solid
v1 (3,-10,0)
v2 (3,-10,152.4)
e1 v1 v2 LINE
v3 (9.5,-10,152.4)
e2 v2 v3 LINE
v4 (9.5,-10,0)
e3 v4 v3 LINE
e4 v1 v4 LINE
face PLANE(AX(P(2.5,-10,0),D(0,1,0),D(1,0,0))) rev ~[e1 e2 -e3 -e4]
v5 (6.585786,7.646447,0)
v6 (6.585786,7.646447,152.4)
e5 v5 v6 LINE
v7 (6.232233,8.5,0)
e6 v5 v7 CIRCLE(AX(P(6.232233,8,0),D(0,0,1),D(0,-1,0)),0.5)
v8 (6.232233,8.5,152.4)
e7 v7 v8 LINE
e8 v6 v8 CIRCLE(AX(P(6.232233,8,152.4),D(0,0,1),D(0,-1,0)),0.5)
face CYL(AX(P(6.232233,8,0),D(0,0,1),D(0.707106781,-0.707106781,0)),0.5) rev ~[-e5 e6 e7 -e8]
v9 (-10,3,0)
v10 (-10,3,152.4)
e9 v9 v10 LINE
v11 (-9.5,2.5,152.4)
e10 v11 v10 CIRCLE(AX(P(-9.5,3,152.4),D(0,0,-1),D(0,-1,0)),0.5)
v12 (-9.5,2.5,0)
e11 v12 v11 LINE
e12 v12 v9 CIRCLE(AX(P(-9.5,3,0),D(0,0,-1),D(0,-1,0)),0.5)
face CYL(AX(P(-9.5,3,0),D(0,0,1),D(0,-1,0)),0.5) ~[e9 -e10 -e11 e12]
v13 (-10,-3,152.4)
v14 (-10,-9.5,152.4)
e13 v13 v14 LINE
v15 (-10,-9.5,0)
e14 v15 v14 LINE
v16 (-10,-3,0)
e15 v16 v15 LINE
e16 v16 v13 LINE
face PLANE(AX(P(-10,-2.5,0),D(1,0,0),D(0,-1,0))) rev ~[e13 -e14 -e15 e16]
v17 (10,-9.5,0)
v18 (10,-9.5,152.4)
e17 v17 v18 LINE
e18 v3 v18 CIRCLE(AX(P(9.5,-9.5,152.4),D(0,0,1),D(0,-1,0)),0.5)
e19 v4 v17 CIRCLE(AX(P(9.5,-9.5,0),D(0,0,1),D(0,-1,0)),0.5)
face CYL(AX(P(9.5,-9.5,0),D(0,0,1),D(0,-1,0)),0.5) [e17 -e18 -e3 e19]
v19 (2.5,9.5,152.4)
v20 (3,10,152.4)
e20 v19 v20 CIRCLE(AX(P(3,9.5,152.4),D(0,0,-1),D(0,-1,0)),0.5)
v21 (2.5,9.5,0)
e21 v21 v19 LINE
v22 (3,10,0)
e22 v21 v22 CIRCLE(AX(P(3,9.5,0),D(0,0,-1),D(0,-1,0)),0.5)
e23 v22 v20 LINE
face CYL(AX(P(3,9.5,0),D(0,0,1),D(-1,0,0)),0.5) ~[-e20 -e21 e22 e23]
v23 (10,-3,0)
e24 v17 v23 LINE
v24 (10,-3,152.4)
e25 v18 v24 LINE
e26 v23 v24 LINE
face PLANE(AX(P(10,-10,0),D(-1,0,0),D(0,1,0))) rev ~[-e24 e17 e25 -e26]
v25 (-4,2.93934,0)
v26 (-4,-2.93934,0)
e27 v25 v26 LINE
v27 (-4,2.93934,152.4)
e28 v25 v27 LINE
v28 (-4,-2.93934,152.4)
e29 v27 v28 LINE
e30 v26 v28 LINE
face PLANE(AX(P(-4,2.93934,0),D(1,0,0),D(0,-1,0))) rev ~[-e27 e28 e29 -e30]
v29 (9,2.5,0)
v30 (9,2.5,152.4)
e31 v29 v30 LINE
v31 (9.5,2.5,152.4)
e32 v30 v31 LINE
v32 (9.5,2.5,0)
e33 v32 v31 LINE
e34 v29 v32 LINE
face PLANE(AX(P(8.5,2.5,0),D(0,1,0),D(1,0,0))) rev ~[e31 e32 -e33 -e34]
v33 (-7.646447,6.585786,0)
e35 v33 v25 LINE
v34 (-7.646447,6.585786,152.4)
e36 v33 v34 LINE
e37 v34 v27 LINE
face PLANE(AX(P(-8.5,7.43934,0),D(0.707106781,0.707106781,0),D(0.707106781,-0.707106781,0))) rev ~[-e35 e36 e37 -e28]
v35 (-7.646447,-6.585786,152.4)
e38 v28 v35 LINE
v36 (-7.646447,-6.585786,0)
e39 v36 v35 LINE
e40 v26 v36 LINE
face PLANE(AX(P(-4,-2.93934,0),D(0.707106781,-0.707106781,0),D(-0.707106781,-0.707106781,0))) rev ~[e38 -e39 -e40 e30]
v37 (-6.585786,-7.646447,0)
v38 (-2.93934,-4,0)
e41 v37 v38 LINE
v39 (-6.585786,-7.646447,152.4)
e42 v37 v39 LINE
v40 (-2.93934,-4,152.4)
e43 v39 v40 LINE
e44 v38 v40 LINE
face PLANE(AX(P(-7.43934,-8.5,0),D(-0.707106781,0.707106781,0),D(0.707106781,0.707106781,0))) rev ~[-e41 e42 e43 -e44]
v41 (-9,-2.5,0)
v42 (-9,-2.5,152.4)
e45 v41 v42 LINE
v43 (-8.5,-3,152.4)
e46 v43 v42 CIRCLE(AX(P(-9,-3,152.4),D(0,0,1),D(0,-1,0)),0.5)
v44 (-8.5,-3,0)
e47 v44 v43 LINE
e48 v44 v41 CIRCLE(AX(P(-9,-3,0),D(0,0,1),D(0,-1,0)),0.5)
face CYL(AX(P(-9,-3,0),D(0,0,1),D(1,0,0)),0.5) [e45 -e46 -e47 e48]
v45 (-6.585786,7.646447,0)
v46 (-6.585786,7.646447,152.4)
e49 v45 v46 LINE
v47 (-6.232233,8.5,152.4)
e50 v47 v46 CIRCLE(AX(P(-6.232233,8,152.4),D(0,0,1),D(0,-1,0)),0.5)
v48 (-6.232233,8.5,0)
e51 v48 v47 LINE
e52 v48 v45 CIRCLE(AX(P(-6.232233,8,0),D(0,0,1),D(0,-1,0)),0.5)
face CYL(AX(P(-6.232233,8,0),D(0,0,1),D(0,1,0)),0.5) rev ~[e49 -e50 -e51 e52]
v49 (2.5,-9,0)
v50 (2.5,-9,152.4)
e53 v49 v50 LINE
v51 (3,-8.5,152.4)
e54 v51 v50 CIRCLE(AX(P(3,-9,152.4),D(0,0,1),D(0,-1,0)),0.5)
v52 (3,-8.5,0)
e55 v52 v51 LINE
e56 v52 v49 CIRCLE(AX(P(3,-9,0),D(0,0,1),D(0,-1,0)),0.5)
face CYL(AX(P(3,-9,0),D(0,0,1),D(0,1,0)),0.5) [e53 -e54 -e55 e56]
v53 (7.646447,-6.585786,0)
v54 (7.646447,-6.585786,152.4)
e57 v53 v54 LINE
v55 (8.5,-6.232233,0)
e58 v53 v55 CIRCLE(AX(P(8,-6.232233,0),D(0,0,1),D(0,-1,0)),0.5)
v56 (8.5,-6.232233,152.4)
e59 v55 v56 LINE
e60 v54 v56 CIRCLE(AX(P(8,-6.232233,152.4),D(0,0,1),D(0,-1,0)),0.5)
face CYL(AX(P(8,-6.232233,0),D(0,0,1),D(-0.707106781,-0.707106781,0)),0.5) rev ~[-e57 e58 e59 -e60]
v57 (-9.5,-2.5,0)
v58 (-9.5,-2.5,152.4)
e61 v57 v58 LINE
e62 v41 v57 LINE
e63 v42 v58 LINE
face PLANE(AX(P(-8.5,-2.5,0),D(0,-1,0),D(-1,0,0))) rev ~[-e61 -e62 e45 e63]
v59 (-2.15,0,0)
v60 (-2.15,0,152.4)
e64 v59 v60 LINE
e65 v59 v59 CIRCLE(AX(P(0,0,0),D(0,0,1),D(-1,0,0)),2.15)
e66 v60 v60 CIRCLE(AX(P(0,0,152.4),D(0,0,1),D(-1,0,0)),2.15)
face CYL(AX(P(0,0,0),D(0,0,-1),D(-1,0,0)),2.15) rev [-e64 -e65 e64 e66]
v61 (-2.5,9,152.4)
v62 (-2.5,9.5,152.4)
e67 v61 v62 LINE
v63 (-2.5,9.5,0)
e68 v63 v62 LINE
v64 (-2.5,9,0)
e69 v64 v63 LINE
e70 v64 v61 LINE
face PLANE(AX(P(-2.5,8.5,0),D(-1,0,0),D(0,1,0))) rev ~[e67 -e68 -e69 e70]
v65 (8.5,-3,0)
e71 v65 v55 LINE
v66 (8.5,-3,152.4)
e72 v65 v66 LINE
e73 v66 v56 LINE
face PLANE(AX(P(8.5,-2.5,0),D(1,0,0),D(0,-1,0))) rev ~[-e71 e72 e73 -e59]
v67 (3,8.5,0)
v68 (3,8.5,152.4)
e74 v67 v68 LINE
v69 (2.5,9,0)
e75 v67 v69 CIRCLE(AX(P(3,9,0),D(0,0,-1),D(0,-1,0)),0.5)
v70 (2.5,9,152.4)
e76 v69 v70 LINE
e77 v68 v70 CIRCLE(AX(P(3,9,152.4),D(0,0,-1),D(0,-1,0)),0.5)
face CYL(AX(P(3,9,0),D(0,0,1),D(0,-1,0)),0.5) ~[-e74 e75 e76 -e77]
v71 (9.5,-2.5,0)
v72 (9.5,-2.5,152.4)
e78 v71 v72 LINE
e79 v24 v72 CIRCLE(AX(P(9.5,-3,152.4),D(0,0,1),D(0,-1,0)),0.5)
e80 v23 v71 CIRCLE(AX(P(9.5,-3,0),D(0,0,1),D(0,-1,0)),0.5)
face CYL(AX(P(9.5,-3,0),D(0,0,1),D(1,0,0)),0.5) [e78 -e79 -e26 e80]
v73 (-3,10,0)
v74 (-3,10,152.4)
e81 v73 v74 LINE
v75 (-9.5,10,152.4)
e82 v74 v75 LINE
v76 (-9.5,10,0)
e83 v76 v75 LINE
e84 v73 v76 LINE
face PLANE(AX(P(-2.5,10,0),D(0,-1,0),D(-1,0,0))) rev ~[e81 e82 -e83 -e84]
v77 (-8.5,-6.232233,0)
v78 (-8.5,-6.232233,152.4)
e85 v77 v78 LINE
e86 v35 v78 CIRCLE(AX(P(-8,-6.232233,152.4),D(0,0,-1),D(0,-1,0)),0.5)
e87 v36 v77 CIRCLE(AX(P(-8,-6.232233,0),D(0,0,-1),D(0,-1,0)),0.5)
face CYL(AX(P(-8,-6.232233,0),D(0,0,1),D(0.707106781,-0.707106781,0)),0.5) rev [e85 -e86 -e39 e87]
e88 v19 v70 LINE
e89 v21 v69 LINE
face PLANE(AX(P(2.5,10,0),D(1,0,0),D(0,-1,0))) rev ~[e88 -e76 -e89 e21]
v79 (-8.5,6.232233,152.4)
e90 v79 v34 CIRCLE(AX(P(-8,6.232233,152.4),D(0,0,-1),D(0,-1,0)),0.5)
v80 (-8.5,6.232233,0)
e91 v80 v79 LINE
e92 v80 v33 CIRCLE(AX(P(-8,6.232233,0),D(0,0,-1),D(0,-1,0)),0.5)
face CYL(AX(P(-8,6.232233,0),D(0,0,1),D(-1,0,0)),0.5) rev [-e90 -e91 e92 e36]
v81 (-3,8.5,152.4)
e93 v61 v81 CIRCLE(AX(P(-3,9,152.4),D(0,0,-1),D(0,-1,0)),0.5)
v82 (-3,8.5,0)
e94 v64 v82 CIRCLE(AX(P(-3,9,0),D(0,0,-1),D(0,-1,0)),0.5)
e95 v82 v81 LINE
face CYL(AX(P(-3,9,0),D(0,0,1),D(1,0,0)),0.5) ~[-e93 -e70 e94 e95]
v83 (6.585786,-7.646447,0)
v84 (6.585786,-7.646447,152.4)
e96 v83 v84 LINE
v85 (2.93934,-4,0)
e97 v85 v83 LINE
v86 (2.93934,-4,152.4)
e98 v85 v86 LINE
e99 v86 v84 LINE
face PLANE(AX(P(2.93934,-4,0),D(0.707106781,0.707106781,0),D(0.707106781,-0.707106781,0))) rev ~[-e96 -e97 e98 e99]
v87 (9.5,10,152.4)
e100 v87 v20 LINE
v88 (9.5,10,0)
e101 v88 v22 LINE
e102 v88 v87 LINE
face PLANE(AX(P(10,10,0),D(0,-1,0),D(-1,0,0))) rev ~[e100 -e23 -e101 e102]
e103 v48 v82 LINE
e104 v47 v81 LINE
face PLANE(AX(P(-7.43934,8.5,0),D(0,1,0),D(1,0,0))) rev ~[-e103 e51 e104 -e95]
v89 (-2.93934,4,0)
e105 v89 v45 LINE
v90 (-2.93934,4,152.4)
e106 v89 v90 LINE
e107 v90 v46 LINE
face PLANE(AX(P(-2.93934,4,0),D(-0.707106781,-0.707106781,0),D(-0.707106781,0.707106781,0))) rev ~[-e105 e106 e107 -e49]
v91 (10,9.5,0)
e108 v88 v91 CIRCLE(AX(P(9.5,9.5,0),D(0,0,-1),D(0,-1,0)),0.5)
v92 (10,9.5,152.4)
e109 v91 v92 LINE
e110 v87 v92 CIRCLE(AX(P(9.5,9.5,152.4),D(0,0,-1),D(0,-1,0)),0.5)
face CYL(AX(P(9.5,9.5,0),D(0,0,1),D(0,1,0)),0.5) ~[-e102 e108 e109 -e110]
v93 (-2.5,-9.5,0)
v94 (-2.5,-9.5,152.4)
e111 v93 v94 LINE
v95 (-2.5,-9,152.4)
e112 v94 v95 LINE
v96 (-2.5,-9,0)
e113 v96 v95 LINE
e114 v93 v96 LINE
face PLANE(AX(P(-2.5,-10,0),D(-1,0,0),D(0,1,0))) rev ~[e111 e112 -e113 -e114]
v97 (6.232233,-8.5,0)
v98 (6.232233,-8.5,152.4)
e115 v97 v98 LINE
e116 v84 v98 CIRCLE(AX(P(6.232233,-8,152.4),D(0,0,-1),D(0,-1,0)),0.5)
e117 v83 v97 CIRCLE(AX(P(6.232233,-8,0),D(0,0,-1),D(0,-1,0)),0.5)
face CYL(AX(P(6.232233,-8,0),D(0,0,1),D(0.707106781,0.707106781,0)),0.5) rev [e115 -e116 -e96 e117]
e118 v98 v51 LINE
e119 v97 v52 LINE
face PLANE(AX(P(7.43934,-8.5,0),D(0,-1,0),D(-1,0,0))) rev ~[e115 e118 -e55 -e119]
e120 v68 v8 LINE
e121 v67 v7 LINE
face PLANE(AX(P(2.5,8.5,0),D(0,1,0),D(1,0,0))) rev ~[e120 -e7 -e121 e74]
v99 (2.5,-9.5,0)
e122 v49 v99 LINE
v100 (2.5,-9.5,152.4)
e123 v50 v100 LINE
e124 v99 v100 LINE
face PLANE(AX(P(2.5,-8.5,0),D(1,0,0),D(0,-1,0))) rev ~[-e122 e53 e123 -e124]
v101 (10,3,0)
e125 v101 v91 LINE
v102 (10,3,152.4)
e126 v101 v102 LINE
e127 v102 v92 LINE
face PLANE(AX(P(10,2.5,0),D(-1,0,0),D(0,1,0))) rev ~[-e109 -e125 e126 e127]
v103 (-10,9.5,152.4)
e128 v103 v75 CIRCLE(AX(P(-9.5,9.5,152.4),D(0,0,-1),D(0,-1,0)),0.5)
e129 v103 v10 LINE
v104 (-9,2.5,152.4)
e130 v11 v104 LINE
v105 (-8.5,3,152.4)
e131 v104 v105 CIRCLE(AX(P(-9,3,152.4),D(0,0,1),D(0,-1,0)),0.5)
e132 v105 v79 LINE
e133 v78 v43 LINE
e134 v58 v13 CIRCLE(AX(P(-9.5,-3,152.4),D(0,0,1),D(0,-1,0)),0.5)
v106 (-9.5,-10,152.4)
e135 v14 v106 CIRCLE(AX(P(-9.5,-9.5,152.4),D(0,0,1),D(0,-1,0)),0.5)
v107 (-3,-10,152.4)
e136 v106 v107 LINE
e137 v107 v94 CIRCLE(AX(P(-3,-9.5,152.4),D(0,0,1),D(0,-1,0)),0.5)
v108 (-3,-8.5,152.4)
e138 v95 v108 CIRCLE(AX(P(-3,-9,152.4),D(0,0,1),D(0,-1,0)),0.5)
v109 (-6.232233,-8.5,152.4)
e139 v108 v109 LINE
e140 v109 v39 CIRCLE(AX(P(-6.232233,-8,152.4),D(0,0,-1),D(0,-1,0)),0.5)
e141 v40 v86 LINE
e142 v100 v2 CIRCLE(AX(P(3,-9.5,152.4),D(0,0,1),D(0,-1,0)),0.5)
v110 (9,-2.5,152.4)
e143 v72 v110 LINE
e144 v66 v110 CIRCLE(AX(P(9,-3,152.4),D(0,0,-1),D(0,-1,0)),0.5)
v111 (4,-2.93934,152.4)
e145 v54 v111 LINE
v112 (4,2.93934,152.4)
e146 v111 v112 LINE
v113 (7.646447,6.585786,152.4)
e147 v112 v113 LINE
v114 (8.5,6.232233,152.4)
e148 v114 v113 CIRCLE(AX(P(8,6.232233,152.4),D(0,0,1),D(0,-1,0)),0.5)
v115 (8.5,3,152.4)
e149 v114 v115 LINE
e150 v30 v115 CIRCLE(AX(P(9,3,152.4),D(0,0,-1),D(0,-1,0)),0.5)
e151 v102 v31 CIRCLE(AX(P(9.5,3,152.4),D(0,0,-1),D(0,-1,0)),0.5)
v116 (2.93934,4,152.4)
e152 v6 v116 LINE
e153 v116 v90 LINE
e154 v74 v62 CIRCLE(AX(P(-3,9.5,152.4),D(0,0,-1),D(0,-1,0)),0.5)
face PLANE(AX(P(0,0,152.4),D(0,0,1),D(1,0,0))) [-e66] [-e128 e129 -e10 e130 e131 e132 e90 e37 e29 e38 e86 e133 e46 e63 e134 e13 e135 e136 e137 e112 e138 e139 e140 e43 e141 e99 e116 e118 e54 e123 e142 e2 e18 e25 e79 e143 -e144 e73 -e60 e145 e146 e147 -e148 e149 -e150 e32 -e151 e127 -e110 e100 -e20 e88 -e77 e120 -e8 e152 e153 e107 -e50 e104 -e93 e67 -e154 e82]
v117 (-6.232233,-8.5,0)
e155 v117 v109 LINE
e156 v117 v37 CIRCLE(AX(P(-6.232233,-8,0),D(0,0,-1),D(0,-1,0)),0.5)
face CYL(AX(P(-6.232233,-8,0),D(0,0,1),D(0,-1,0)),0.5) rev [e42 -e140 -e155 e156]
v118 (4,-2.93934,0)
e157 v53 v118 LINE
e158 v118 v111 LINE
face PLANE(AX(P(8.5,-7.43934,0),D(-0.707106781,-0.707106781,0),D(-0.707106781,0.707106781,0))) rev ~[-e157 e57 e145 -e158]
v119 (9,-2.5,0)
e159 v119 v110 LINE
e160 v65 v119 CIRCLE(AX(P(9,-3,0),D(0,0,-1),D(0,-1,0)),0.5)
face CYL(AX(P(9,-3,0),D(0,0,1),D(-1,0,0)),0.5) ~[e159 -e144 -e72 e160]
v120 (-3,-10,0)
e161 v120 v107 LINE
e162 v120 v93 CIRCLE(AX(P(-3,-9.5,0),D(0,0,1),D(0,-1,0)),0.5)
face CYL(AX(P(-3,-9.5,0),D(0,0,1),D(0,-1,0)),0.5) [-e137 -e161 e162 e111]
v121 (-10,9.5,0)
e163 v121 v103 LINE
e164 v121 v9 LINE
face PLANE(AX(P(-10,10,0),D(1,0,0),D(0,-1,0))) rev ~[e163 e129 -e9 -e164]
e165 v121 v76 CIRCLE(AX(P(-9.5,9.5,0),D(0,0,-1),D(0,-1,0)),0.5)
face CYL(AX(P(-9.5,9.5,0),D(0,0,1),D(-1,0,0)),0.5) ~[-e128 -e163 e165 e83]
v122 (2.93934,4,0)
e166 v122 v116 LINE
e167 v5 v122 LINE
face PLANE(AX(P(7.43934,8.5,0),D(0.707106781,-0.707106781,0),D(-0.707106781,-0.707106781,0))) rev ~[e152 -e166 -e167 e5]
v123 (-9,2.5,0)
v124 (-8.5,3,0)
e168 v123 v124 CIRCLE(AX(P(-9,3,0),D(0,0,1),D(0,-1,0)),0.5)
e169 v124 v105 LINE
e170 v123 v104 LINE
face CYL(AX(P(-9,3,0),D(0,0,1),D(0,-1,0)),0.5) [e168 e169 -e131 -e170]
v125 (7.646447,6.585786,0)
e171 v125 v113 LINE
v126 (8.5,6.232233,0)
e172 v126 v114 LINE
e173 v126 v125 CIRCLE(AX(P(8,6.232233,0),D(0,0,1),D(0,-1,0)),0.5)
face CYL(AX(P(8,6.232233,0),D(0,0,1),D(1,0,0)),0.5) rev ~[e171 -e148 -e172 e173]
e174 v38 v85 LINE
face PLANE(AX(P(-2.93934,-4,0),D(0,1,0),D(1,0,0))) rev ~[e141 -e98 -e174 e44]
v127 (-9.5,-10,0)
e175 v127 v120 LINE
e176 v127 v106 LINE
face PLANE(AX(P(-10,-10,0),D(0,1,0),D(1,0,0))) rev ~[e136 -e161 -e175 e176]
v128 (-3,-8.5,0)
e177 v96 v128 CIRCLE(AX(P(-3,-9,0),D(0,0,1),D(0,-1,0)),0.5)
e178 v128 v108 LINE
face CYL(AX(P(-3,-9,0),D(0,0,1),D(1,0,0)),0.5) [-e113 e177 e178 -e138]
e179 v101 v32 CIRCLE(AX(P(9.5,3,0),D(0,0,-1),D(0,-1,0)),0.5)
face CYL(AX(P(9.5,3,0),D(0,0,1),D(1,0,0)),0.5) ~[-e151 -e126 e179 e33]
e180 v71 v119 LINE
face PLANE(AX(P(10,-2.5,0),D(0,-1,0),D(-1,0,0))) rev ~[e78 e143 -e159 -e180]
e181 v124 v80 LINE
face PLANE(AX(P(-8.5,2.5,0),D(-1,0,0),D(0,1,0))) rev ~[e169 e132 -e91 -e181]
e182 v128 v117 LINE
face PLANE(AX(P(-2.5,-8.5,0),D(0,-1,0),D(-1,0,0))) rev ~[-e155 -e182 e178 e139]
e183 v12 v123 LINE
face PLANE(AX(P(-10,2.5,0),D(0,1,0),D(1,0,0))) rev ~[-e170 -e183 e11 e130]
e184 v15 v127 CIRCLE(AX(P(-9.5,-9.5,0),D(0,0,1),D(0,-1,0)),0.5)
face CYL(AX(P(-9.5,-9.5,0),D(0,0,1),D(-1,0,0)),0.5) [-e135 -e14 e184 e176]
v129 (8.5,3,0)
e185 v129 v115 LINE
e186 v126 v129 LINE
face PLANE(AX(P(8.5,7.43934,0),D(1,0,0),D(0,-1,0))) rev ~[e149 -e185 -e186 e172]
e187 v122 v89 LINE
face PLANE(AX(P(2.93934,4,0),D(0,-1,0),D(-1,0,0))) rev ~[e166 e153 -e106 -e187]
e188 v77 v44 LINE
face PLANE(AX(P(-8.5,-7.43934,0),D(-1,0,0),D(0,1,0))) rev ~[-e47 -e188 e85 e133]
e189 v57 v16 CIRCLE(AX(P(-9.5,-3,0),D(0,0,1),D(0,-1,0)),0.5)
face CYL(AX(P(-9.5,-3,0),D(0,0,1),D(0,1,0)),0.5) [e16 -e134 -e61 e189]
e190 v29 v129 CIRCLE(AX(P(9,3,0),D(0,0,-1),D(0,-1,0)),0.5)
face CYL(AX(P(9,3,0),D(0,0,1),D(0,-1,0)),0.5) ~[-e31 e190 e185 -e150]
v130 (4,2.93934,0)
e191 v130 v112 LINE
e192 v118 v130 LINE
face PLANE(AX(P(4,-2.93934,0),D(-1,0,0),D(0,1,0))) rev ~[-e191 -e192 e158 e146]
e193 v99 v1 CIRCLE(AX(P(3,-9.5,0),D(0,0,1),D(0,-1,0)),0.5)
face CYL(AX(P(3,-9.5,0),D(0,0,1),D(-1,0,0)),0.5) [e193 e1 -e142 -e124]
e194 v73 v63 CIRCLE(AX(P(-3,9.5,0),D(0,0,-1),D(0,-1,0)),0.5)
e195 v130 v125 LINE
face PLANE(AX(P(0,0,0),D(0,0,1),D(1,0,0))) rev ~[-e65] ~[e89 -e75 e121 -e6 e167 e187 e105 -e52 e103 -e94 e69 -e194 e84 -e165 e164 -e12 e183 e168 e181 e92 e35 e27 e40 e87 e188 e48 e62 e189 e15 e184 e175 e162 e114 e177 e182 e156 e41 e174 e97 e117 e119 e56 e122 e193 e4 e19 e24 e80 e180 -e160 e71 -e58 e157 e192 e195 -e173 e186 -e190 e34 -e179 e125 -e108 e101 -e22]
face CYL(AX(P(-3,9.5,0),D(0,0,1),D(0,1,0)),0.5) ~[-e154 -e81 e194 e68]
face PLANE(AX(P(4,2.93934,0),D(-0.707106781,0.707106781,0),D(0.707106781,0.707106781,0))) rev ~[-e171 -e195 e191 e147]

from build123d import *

# Parameters (mm, degrees)
SKETCH1_R           = 2.15
BOSS_EXTRUDE1_DEPTH = 152.4
FILLET1_R           = 0.5


with BuildPart() as part:
    # Sketch1 → Boss-Extrude1 (new body)
    with BuildSketch(Plane.XY):
        Polygon((-10, 2.5), (-8.5, 2.5), (-8.5, 7.439339828), (-4, 2.939339828), (-4, 0), (-4, -2.939339828), (-8.5, -7.439339828), (-8.5, -2.5), (-10, -2.5), (-10, -10), (-2.5, -10), (-2.5, -8.5), (-7.439339828, -8.5), (-2.939339828, -4), (0, -4), (2.939339828, -4), (7.439339828, -8.5), (2.5, -8.5), (2.5, -10), (10, -10), (10, -2.5), (8.5, -2.5), (8.5, -7.439339828), (4, -2.939339828), (4, 0), (4, 2.939339828), (8.5, 7.439339828), (8.5, 2.5), (10, 2.5), (10, 10), (2.5, 10), (2.5, 8.5), (7.439339828, 8.5), (2.939339828, 4), (0, 4), (-2.939339828, 4), (-7.439339828, 8.5), (-2.5, 8.5), (-2.5, 10), (-10, 10), align=None)
        with Locations(Location((0, 0, 0), (0, 0, 180))):
            Circle(SKETCH1_R, mode=Mode.SUBTRACT)
    extrude(amount=BOSS_EXTRUDE1_DEPTH)

    # Fillet1
    fillet1_edges = [part.edges().sort_by_distance(p)[0] for p in [
        (7.439339828, 8.5, 76.2),
        (2.5, 8.5, 76.2),
        (2.5, 10, 76.2),
        (10, 10, 76.2),
        (10, 2.5, 76.2),
        (8.5, 2.5, 76.2),
        (8.5, 7.439339828, 76.2),
        (8.5, -7.439339828, 76.2),
        (8.5, -2.5, 76.2),
        (10, -2.5, 76.2),
        (10, -10, 76.2),
        (2.5, -10, 76.2),
        (2.5, -8.5, 76.2),
        (7.439339828, -8.5, 76.2),
        (-7.439339828, -8.5, 76.2),
        (-2.5, -8.5, 76.2),
        (-2.5, -10, 76.2),
        (-10, -10, 76.2),
        (-10, -2.5, 76.2),
        (-8.5, -2.5, 76.2),
        (-8.5, -7.439339828, 76.2),
        (-8.5, 7.439339828, 76.2),
        (-8.5, 2.5, 76.2),
        (-10, 2.5, 76.2),
        (-10, 10, 76.2),
        (-2.5, 10, 76.2),
        (-2.5, 8.5, 76.2),
        (-7.439339828, 8.5, 76.2),
    ]]
    fillet(fillet1_edges, radius=FILLET1_R)


solid = part.part
